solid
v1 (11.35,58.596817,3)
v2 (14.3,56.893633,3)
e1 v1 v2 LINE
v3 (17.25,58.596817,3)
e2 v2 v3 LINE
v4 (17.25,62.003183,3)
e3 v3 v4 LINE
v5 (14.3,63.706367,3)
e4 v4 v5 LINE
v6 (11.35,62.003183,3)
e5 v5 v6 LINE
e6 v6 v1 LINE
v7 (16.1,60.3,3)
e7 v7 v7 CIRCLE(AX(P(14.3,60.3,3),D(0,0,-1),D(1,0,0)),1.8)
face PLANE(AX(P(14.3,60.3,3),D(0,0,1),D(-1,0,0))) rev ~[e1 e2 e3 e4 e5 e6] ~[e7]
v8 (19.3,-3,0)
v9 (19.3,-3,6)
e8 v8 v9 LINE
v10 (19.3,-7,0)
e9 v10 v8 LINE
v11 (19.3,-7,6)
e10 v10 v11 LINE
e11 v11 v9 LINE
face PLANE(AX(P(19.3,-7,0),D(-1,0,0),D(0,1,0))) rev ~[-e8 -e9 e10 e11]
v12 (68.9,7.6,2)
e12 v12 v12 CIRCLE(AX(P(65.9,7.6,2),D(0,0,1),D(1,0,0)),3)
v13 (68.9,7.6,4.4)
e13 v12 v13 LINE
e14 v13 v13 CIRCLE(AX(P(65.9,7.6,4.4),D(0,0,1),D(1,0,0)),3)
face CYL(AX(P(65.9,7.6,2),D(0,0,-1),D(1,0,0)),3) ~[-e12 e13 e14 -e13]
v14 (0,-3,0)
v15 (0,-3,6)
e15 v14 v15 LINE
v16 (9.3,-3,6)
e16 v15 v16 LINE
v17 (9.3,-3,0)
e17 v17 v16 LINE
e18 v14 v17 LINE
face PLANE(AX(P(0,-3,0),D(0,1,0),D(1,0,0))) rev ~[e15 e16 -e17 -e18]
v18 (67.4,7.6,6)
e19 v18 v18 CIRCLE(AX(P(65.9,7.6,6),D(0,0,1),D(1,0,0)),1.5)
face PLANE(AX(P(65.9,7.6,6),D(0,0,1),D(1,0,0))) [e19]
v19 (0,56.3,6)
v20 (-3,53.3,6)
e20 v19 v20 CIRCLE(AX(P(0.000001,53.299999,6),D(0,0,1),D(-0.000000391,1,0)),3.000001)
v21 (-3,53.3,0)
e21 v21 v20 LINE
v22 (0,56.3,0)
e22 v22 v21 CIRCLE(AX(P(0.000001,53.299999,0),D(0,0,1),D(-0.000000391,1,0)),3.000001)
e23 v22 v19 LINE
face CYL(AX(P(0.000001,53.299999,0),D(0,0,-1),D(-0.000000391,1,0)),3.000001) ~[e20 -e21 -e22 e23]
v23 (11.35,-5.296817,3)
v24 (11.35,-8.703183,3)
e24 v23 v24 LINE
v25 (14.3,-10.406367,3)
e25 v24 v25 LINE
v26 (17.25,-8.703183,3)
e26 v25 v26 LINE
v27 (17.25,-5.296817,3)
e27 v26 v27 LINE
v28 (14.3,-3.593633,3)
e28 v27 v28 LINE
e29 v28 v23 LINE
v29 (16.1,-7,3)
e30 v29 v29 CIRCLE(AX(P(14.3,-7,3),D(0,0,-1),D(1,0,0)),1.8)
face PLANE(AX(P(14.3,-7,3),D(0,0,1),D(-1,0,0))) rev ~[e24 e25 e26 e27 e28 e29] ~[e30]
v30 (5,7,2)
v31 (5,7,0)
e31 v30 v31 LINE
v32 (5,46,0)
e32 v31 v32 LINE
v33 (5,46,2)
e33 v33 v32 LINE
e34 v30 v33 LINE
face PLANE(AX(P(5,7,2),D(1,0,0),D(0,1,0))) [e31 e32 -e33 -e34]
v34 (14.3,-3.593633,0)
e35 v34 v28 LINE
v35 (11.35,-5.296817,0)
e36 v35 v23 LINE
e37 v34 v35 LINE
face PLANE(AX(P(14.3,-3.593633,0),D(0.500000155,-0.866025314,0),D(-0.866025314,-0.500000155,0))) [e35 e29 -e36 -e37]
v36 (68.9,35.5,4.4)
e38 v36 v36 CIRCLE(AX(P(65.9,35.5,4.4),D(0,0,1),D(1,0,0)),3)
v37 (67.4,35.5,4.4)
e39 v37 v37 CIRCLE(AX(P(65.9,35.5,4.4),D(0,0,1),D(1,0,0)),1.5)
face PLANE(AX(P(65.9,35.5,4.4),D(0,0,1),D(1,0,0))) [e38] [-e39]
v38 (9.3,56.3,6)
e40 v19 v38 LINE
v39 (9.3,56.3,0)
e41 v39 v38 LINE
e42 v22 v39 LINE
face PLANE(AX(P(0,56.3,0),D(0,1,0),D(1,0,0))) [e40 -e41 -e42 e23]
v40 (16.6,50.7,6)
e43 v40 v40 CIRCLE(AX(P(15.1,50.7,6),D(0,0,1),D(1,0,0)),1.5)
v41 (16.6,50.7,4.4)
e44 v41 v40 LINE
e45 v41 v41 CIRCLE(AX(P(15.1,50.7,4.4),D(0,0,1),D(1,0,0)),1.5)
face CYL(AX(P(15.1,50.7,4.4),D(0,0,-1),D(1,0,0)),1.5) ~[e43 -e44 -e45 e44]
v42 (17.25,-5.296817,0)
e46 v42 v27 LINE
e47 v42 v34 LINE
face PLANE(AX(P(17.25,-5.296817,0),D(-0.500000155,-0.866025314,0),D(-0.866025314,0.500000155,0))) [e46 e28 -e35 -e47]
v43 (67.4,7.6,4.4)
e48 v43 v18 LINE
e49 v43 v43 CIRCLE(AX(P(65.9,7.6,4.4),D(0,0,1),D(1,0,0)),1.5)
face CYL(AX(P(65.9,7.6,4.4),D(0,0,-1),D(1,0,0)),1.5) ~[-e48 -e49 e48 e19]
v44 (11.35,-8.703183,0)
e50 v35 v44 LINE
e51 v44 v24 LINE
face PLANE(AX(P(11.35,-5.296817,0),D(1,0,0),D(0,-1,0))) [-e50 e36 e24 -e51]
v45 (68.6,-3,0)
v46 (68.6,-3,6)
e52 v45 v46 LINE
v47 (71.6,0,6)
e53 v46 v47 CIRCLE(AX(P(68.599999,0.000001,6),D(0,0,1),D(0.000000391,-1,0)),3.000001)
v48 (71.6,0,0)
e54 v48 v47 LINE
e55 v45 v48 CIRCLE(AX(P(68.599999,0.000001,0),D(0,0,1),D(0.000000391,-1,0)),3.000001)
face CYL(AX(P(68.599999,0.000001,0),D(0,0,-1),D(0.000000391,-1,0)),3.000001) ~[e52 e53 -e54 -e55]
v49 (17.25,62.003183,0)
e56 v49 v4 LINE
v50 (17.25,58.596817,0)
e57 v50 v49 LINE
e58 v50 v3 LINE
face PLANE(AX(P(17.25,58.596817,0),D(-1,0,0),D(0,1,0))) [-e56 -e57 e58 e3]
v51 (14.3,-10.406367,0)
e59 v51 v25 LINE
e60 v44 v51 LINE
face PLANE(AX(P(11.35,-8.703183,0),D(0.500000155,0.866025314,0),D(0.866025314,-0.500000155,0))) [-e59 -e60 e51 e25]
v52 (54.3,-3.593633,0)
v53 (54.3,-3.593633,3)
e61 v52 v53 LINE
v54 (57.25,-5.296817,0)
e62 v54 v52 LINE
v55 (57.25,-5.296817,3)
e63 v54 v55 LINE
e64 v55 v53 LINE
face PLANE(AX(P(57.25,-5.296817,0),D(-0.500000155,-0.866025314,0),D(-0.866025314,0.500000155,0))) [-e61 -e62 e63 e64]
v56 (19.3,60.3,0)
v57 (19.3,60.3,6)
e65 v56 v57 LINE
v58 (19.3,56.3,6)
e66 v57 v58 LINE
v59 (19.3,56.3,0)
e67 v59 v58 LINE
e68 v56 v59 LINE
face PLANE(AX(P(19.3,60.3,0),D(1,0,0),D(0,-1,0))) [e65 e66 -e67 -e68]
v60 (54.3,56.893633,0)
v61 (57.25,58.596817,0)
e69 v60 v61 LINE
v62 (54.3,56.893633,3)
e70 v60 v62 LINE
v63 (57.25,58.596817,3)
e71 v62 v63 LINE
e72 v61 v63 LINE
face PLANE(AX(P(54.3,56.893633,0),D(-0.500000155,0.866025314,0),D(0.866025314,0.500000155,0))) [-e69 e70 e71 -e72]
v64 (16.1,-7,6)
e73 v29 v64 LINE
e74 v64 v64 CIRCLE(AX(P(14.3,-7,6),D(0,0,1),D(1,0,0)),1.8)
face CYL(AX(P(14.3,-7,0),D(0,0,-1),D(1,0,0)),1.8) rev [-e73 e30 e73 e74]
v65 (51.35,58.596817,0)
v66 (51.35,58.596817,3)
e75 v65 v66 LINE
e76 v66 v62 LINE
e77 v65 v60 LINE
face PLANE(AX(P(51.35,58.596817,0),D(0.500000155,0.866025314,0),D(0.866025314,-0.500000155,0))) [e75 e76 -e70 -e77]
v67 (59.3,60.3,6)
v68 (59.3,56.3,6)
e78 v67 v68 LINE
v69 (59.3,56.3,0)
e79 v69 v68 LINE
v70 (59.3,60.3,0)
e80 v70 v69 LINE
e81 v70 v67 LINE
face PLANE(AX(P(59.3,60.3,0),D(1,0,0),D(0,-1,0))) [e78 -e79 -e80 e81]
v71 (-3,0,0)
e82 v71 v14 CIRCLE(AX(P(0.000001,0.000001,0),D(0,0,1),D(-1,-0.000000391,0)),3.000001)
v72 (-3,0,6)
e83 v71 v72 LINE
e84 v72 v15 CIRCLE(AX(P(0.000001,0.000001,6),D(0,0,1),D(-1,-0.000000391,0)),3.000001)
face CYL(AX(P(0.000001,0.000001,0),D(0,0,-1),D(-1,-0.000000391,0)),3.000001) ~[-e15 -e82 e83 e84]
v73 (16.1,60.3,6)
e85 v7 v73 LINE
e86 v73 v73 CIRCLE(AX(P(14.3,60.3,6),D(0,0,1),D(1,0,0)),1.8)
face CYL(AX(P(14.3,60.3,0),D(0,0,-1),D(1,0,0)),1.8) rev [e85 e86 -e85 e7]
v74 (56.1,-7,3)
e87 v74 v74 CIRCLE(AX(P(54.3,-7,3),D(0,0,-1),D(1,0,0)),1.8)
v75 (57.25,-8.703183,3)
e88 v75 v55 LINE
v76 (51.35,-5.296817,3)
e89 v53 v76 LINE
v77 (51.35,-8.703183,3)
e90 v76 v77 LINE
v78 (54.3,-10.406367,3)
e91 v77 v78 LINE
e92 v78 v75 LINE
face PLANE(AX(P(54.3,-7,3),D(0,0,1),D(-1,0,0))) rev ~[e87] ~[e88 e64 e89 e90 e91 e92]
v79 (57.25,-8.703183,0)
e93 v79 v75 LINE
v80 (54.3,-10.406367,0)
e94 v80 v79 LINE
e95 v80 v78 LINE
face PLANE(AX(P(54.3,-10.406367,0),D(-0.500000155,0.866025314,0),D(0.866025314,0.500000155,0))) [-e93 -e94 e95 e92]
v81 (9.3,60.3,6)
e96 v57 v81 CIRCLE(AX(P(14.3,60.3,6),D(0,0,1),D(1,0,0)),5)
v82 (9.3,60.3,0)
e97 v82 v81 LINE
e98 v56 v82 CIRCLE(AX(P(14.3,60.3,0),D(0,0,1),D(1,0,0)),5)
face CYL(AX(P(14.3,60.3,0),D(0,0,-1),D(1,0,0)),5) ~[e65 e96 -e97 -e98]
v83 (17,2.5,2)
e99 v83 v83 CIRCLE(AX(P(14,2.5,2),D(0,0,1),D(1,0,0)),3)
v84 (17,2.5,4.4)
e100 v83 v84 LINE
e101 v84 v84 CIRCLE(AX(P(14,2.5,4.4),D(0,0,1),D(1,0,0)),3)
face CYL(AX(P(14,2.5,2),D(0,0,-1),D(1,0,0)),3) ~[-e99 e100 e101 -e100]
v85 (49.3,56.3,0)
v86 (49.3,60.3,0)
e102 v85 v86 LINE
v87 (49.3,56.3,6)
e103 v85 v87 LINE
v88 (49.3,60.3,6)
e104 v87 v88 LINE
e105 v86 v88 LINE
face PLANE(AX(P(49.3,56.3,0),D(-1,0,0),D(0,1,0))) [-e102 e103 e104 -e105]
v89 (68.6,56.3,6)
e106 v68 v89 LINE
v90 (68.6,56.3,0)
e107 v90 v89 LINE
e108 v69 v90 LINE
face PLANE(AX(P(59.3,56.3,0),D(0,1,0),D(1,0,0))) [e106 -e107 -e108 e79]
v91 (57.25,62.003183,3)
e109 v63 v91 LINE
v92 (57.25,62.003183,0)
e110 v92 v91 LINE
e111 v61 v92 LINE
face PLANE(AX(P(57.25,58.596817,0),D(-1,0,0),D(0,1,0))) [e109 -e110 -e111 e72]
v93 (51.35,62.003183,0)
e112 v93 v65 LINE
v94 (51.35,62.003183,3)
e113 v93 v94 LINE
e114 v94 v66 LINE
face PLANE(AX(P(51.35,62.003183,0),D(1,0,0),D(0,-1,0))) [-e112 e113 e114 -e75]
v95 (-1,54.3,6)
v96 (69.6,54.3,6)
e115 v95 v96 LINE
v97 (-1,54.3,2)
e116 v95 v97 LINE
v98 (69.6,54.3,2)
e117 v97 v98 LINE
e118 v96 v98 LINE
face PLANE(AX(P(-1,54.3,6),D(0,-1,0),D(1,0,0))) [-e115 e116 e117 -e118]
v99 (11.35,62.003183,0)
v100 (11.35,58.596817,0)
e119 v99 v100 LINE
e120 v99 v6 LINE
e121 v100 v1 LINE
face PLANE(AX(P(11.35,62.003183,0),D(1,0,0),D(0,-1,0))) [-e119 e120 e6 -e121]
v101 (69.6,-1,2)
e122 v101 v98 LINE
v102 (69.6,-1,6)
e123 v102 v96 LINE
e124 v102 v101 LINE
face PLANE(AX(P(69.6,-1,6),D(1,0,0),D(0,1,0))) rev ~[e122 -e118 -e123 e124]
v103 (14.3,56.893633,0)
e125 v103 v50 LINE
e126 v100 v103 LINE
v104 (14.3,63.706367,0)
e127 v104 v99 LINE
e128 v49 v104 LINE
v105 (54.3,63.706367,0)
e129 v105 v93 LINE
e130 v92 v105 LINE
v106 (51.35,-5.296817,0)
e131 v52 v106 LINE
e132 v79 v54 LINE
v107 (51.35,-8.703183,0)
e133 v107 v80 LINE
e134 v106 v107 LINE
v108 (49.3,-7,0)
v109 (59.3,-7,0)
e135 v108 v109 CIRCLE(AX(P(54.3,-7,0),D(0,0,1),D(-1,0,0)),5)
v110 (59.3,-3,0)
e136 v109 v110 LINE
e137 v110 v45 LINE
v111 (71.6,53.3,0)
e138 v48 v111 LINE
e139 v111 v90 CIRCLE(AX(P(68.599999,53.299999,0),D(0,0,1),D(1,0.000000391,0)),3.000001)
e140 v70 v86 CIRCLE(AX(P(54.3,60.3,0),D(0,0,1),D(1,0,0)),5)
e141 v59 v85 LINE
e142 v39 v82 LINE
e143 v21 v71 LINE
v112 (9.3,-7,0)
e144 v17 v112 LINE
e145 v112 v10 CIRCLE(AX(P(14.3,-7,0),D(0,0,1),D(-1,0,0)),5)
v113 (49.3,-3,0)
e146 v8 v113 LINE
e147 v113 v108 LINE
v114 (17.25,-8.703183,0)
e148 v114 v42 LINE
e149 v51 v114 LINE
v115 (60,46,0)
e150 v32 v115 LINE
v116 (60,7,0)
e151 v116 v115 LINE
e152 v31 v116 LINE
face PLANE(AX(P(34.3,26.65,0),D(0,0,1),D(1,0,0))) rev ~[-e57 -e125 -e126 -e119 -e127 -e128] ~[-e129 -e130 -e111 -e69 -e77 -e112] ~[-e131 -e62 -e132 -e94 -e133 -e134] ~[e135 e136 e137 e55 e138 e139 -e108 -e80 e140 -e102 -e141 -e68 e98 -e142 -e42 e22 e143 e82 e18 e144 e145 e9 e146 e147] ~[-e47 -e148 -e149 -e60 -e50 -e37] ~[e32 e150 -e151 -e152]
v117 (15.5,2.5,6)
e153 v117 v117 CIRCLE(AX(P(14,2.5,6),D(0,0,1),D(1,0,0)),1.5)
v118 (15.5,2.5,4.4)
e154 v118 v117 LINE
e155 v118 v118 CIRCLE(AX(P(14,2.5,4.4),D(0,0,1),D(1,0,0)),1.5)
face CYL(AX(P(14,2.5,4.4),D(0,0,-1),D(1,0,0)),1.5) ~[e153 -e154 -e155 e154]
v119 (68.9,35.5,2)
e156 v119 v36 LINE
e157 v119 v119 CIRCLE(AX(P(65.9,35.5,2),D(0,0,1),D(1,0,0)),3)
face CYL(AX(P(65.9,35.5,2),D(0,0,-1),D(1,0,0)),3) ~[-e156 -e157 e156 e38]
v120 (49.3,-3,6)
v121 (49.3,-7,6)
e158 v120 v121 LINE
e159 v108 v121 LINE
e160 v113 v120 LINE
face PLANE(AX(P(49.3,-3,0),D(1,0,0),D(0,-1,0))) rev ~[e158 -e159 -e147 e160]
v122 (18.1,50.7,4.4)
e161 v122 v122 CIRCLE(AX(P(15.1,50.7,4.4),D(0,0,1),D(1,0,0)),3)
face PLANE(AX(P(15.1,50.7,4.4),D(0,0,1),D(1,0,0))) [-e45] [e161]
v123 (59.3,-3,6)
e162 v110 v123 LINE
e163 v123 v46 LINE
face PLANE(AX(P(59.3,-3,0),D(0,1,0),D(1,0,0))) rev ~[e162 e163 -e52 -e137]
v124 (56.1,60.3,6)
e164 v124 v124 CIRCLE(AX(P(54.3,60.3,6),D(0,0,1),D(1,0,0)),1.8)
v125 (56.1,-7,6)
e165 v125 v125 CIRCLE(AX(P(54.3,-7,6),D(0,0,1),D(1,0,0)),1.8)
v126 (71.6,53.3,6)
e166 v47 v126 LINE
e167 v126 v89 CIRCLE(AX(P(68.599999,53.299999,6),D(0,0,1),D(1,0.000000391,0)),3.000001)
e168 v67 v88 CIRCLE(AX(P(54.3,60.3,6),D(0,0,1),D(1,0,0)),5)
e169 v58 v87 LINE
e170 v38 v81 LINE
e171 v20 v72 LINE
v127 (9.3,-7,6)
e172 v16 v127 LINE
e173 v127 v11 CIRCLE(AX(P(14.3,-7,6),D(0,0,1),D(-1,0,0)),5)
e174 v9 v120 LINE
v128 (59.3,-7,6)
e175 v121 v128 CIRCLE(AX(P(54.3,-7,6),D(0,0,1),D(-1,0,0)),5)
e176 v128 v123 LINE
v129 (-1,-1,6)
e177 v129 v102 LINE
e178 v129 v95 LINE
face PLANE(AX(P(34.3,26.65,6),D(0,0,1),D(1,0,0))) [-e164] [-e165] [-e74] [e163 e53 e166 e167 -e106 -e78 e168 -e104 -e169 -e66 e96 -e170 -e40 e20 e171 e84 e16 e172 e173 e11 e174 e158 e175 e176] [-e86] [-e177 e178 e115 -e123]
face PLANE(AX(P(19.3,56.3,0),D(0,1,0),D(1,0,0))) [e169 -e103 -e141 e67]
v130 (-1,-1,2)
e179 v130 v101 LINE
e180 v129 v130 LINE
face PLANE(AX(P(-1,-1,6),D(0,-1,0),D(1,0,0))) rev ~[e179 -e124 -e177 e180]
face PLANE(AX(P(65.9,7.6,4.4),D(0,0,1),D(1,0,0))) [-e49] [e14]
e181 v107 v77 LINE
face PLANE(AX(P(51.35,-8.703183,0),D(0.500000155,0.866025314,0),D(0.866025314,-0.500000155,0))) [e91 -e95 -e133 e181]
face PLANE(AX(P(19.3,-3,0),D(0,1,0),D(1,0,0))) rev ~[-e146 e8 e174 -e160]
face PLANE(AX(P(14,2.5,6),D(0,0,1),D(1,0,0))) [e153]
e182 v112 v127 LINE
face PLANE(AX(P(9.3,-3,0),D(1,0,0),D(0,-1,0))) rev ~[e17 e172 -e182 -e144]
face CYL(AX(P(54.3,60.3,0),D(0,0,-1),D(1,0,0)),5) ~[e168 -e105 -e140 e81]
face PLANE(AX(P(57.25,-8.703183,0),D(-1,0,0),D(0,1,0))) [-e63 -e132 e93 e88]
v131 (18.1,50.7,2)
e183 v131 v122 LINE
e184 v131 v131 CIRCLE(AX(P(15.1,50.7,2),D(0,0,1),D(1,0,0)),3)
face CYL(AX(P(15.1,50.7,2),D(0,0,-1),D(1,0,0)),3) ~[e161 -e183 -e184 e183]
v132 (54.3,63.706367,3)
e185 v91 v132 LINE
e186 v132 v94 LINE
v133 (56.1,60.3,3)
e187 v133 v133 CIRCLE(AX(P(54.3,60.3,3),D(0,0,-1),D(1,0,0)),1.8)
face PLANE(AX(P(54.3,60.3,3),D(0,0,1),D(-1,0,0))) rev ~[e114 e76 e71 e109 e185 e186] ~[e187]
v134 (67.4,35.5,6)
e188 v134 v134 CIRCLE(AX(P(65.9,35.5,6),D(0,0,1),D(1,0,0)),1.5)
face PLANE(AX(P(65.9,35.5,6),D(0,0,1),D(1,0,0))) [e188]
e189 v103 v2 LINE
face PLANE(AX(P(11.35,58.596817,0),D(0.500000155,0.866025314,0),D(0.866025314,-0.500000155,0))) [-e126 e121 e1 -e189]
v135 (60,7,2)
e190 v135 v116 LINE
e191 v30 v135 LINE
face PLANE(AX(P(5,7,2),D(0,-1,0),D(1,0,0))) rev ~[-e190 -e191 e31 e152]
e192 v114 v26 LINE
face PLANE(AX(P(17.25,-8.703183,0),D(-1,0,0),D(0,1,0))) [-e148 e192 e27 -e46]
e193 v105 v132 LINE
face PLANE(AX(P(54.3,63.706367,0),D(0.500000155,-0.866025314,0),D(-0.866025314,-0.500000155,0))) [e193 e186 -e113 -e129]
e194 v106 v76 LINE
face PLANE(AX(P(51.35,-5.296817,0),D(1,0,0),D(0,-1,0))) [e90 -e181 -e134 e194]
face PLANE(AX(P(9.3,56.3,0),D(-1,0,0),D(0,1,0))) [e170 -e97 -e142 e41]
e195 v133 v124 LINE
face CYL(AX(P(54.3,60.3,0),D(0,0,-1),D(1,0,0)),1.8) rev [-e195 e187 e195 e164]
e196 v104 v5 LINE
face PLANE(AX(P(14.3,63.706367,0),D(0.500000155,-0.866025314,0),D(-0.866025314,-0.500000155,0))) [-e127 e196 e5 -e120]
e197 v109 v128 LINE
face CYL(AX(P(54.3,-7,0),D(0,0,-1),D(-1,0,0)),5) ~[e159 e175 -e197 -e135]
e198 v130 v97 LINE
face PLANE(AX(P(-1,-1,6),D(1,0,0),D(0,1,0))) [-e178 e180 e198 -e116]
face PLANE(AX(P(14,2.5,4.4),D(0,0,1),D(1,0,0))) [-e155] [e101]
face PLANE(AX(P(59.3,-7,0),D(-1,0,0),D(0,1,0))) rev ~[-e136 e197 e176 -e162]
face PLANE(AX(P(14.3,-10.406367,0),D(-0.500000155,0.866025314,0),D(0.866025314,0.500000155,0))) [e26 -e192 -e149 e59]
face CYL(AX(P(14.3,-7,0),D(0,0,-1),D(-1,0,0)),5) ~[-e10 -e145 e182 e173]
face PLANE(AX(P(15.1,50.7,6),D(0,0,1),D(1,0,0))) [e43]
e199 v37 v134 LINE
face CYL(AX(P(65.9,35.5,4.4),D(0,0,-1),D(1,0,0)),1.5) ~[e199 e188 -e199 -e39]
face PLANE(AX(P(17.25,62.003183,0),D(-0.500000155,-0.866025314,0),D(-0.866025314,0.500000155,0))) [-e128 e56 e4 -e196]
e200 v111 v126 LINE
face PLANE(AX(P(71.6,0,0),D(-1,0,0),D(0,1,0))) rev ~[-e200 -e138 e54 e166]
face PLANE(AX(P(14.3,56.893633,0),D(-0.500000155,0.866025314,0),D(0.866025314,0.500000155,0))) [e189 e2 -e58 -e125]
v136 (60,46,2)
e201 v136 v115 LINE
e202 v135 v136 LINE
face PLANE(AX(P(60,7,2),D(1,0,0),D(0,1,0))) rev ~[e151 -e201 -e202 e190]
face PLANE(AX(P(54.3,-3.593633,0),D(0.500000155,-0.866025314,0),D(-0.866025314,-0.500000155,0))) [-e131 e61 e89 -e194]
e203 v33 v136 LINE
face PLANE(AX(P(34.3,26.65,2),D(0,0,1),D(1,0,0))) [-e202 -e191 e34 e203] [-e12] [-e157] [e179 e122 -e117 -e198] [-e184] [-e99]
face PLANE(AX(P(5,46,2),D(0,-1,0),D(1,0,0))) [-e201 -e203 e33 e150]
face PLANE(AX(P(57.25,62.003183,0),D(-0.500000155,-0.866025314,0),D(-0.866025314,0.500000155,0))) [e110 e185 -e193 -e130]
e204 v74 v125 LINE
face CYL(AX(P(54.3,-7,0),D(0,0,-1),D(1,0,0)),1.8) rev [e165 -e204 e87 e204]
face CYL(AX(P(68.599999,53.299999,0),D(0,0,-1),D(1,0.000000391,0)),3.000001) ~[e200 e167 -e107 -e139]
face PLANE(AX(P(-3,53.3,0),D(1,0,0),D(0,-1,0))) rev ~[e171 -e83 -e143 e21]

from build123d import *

# Parameters (mm, degrees)
SKETCH_R        = 1.8
PAD_DEPTH       = 6
SKETCH001_W     = 70.6
SKETCH001_H     = 55.3
POCKET_DEPTH    = 4
SKETCH002_R     = 3
PAD001_DEPTH    = 2.4
SKETCH003_R     = 1.5
PAD002_DEPTH    = 1.6
POCKET001_DEPTH = 3
POCKET002_DEPTH = 3
SKETCH006_W     = 55
SKETCH006_H     = 39
POCKET003_DEPTH = 5


with BuildPart() as part:
    # Sketch → Pad (new body)
    with BuildSketch(Plane.XY):
        with BuildLine():
            ThreePointArc((-3, 0), (-2.12132, -2.12132), (0, -3))
            Line((0, -3), (9.3, -3))
            Line((9.3, -3), (9.3, -7))
            ThreePointArc((9.3, -7), (14.3, -12), (19.3, -7))
            Line((19.3, -7), (19.3, -3))
            Line((19.3, -3), (49.3, -3))
            Line((49.3, -3), (49.3, -7))
            ThreePointArc((49.3, -7), (54.3, -12), (59.3, -7))
            Line((59.3, -7), (59.3, -3))
            Line((59.3, -3), (68.6, -3))
            ThreePointArc((68.6, -3), (70.72132, -2.12132), (71.6, 0))
            Line((71.6, 0), (71.6, 53.3))
            ThreePointArc((71.6, 53.3), (70.72132, 55.42132), (68.6, 56.3))
            Line((59.3, 56.3), (68.6, 56.3))
            Line((59.3, 60.3), (59.3, 56.3))
            ThreePointArc((59.3, 60.3), (54.3, 65.3), (49.3, 60.3))
            Line((49.3, 56.3), (49.3, 60.3))
            Line((19.3, 56.3), (49.3, 56.3))
            Line((19.3, 60.3), (19.3, 56.3))
            ThreePointArc((19.3, 60.3), (14.3, 65.3), (9.3, 60.3))
            Line((9.3, 56.3), (9.3, 60.3))
            Line((0, 56.3), (9.3, 56.3))
            ThreePointArc((0, 56.3), (-2.12132, 55.42132), (-3, 53.3))
            Line((-3, 53.3), (-3, 0))
        make_face()
        with Locations((14.3, -7)):
            Circle(SKETCH_R, mode=Mode.SUBTRACT)
        with Locations((54.3, -7)):
            Circle(SKETCH_R, mode=Mode.SUBTRACT)
        with Locations((54.3, 60.3)):
            Circle(SKETCH_R, mode=Mode.SUBTRACT)
        with Locations((14.3, 60.3)):
            Circle(SKETCH_R, mode=Mode.SUBTRACT)
    extrude(amount=PAD_DEPTH)

    # Sketch001 → Pocket (cut)
    with BuildSketch(Plane.XY.offset(6)):
        with Locations((34.3, 26.65)):
            Rectangle(SKETCH001_W, SKETCH001_H)
    extrude(amount=-POCKET_DEPTH, mode=Mode.SUBTRACT)

    # Sketch002 → Pad001 (new body)
    with BuildSketch(Plane.XY.offset(2)):
        with Locations((15.1, 50.7)):
            Circle(SKETCH002_R)
        with Locations((14, 2.5)):
            Circle(SKETCH002_R)
        with Locations((65.9, 35.5)):
            Circle(SKETCH002_R)
        with Locations((65.9, 7.6)):
            Circle(SKETCH002_R)
    extrude(amount=PAD001_DEPTH)

    # Sketch003 → Pad002 (new body)
    with BuildSketch(Plane.XY.offset(4.4)):
        with Locations((15.1, 50.7)):
            Circle(SKETCH003_R)
        with Locations((14, 2.5)):
            Circle(SKETCH003_R)
        with Locations((65.9, 35.5)):
            Circle(SKETCH003_R)
        with Locations((65.9, 7.6)):
            Circle(SKETCH003_R)
    extrude(amount=PAD002_DEPTH)

    # Sketch004 → Pocket001 (cut)
    with BuildSketch(Plane(origin=(0, 0, 0), x_dir=(1, 0, 0), z_dir=(0, 0, -1))):
        Polygon((11.35, 5.296817), (11.35, 8.703183), (14.3, 10.406367), (17.25, 8.703183), (17.25, 5.296817), (14.3, 3.593633), align=None)
        Polygon((51.35, 5.296817), (51.35, 8.703183), (54.3, 10.406367), (57.25, 8.703183), (57.25, 5.296817), (54.3, 3.593633), align=None)
    extrude(amount=-POCKET001_DEPTH, mode=Mode.SUBTRACT)

    # Sketch005 → Pocket002 (cut)
    with BuildSketch(Plane(origin=(0, 0, 0), x_dir=(1, 0, 0), z_dir=(0, 0, -1))):
        Polygon((11.35, -62.003183), (11.35, -58.596817), (14.3, -56.893633), (17.25, -58.596817), (17.25, -62.003183), (14.3, -63.706367), align=None)
        Polygon((51.35, -62.003183), (51.35, -58.596817), (54.3, -56.893633), (57.25, -58.596817), (57.25, -62.003183), (54.3, -63.706367), align=None)
    extrude(amount=-POCKET002_DEPTH, mode=Mode.SUBTRACT)

    # Sketch006 → Pocket003 (cut)
    with BuildSketch(Plane.XY.offset(2)):
        with Locations((32.5, 26.5)):
            Rectangle(SKETCH006_W, SKETCH006_H)
    extrude(amount=-POCKET003_DEPTH, mode=Mode.SUBTRACT)


solid = part.part
